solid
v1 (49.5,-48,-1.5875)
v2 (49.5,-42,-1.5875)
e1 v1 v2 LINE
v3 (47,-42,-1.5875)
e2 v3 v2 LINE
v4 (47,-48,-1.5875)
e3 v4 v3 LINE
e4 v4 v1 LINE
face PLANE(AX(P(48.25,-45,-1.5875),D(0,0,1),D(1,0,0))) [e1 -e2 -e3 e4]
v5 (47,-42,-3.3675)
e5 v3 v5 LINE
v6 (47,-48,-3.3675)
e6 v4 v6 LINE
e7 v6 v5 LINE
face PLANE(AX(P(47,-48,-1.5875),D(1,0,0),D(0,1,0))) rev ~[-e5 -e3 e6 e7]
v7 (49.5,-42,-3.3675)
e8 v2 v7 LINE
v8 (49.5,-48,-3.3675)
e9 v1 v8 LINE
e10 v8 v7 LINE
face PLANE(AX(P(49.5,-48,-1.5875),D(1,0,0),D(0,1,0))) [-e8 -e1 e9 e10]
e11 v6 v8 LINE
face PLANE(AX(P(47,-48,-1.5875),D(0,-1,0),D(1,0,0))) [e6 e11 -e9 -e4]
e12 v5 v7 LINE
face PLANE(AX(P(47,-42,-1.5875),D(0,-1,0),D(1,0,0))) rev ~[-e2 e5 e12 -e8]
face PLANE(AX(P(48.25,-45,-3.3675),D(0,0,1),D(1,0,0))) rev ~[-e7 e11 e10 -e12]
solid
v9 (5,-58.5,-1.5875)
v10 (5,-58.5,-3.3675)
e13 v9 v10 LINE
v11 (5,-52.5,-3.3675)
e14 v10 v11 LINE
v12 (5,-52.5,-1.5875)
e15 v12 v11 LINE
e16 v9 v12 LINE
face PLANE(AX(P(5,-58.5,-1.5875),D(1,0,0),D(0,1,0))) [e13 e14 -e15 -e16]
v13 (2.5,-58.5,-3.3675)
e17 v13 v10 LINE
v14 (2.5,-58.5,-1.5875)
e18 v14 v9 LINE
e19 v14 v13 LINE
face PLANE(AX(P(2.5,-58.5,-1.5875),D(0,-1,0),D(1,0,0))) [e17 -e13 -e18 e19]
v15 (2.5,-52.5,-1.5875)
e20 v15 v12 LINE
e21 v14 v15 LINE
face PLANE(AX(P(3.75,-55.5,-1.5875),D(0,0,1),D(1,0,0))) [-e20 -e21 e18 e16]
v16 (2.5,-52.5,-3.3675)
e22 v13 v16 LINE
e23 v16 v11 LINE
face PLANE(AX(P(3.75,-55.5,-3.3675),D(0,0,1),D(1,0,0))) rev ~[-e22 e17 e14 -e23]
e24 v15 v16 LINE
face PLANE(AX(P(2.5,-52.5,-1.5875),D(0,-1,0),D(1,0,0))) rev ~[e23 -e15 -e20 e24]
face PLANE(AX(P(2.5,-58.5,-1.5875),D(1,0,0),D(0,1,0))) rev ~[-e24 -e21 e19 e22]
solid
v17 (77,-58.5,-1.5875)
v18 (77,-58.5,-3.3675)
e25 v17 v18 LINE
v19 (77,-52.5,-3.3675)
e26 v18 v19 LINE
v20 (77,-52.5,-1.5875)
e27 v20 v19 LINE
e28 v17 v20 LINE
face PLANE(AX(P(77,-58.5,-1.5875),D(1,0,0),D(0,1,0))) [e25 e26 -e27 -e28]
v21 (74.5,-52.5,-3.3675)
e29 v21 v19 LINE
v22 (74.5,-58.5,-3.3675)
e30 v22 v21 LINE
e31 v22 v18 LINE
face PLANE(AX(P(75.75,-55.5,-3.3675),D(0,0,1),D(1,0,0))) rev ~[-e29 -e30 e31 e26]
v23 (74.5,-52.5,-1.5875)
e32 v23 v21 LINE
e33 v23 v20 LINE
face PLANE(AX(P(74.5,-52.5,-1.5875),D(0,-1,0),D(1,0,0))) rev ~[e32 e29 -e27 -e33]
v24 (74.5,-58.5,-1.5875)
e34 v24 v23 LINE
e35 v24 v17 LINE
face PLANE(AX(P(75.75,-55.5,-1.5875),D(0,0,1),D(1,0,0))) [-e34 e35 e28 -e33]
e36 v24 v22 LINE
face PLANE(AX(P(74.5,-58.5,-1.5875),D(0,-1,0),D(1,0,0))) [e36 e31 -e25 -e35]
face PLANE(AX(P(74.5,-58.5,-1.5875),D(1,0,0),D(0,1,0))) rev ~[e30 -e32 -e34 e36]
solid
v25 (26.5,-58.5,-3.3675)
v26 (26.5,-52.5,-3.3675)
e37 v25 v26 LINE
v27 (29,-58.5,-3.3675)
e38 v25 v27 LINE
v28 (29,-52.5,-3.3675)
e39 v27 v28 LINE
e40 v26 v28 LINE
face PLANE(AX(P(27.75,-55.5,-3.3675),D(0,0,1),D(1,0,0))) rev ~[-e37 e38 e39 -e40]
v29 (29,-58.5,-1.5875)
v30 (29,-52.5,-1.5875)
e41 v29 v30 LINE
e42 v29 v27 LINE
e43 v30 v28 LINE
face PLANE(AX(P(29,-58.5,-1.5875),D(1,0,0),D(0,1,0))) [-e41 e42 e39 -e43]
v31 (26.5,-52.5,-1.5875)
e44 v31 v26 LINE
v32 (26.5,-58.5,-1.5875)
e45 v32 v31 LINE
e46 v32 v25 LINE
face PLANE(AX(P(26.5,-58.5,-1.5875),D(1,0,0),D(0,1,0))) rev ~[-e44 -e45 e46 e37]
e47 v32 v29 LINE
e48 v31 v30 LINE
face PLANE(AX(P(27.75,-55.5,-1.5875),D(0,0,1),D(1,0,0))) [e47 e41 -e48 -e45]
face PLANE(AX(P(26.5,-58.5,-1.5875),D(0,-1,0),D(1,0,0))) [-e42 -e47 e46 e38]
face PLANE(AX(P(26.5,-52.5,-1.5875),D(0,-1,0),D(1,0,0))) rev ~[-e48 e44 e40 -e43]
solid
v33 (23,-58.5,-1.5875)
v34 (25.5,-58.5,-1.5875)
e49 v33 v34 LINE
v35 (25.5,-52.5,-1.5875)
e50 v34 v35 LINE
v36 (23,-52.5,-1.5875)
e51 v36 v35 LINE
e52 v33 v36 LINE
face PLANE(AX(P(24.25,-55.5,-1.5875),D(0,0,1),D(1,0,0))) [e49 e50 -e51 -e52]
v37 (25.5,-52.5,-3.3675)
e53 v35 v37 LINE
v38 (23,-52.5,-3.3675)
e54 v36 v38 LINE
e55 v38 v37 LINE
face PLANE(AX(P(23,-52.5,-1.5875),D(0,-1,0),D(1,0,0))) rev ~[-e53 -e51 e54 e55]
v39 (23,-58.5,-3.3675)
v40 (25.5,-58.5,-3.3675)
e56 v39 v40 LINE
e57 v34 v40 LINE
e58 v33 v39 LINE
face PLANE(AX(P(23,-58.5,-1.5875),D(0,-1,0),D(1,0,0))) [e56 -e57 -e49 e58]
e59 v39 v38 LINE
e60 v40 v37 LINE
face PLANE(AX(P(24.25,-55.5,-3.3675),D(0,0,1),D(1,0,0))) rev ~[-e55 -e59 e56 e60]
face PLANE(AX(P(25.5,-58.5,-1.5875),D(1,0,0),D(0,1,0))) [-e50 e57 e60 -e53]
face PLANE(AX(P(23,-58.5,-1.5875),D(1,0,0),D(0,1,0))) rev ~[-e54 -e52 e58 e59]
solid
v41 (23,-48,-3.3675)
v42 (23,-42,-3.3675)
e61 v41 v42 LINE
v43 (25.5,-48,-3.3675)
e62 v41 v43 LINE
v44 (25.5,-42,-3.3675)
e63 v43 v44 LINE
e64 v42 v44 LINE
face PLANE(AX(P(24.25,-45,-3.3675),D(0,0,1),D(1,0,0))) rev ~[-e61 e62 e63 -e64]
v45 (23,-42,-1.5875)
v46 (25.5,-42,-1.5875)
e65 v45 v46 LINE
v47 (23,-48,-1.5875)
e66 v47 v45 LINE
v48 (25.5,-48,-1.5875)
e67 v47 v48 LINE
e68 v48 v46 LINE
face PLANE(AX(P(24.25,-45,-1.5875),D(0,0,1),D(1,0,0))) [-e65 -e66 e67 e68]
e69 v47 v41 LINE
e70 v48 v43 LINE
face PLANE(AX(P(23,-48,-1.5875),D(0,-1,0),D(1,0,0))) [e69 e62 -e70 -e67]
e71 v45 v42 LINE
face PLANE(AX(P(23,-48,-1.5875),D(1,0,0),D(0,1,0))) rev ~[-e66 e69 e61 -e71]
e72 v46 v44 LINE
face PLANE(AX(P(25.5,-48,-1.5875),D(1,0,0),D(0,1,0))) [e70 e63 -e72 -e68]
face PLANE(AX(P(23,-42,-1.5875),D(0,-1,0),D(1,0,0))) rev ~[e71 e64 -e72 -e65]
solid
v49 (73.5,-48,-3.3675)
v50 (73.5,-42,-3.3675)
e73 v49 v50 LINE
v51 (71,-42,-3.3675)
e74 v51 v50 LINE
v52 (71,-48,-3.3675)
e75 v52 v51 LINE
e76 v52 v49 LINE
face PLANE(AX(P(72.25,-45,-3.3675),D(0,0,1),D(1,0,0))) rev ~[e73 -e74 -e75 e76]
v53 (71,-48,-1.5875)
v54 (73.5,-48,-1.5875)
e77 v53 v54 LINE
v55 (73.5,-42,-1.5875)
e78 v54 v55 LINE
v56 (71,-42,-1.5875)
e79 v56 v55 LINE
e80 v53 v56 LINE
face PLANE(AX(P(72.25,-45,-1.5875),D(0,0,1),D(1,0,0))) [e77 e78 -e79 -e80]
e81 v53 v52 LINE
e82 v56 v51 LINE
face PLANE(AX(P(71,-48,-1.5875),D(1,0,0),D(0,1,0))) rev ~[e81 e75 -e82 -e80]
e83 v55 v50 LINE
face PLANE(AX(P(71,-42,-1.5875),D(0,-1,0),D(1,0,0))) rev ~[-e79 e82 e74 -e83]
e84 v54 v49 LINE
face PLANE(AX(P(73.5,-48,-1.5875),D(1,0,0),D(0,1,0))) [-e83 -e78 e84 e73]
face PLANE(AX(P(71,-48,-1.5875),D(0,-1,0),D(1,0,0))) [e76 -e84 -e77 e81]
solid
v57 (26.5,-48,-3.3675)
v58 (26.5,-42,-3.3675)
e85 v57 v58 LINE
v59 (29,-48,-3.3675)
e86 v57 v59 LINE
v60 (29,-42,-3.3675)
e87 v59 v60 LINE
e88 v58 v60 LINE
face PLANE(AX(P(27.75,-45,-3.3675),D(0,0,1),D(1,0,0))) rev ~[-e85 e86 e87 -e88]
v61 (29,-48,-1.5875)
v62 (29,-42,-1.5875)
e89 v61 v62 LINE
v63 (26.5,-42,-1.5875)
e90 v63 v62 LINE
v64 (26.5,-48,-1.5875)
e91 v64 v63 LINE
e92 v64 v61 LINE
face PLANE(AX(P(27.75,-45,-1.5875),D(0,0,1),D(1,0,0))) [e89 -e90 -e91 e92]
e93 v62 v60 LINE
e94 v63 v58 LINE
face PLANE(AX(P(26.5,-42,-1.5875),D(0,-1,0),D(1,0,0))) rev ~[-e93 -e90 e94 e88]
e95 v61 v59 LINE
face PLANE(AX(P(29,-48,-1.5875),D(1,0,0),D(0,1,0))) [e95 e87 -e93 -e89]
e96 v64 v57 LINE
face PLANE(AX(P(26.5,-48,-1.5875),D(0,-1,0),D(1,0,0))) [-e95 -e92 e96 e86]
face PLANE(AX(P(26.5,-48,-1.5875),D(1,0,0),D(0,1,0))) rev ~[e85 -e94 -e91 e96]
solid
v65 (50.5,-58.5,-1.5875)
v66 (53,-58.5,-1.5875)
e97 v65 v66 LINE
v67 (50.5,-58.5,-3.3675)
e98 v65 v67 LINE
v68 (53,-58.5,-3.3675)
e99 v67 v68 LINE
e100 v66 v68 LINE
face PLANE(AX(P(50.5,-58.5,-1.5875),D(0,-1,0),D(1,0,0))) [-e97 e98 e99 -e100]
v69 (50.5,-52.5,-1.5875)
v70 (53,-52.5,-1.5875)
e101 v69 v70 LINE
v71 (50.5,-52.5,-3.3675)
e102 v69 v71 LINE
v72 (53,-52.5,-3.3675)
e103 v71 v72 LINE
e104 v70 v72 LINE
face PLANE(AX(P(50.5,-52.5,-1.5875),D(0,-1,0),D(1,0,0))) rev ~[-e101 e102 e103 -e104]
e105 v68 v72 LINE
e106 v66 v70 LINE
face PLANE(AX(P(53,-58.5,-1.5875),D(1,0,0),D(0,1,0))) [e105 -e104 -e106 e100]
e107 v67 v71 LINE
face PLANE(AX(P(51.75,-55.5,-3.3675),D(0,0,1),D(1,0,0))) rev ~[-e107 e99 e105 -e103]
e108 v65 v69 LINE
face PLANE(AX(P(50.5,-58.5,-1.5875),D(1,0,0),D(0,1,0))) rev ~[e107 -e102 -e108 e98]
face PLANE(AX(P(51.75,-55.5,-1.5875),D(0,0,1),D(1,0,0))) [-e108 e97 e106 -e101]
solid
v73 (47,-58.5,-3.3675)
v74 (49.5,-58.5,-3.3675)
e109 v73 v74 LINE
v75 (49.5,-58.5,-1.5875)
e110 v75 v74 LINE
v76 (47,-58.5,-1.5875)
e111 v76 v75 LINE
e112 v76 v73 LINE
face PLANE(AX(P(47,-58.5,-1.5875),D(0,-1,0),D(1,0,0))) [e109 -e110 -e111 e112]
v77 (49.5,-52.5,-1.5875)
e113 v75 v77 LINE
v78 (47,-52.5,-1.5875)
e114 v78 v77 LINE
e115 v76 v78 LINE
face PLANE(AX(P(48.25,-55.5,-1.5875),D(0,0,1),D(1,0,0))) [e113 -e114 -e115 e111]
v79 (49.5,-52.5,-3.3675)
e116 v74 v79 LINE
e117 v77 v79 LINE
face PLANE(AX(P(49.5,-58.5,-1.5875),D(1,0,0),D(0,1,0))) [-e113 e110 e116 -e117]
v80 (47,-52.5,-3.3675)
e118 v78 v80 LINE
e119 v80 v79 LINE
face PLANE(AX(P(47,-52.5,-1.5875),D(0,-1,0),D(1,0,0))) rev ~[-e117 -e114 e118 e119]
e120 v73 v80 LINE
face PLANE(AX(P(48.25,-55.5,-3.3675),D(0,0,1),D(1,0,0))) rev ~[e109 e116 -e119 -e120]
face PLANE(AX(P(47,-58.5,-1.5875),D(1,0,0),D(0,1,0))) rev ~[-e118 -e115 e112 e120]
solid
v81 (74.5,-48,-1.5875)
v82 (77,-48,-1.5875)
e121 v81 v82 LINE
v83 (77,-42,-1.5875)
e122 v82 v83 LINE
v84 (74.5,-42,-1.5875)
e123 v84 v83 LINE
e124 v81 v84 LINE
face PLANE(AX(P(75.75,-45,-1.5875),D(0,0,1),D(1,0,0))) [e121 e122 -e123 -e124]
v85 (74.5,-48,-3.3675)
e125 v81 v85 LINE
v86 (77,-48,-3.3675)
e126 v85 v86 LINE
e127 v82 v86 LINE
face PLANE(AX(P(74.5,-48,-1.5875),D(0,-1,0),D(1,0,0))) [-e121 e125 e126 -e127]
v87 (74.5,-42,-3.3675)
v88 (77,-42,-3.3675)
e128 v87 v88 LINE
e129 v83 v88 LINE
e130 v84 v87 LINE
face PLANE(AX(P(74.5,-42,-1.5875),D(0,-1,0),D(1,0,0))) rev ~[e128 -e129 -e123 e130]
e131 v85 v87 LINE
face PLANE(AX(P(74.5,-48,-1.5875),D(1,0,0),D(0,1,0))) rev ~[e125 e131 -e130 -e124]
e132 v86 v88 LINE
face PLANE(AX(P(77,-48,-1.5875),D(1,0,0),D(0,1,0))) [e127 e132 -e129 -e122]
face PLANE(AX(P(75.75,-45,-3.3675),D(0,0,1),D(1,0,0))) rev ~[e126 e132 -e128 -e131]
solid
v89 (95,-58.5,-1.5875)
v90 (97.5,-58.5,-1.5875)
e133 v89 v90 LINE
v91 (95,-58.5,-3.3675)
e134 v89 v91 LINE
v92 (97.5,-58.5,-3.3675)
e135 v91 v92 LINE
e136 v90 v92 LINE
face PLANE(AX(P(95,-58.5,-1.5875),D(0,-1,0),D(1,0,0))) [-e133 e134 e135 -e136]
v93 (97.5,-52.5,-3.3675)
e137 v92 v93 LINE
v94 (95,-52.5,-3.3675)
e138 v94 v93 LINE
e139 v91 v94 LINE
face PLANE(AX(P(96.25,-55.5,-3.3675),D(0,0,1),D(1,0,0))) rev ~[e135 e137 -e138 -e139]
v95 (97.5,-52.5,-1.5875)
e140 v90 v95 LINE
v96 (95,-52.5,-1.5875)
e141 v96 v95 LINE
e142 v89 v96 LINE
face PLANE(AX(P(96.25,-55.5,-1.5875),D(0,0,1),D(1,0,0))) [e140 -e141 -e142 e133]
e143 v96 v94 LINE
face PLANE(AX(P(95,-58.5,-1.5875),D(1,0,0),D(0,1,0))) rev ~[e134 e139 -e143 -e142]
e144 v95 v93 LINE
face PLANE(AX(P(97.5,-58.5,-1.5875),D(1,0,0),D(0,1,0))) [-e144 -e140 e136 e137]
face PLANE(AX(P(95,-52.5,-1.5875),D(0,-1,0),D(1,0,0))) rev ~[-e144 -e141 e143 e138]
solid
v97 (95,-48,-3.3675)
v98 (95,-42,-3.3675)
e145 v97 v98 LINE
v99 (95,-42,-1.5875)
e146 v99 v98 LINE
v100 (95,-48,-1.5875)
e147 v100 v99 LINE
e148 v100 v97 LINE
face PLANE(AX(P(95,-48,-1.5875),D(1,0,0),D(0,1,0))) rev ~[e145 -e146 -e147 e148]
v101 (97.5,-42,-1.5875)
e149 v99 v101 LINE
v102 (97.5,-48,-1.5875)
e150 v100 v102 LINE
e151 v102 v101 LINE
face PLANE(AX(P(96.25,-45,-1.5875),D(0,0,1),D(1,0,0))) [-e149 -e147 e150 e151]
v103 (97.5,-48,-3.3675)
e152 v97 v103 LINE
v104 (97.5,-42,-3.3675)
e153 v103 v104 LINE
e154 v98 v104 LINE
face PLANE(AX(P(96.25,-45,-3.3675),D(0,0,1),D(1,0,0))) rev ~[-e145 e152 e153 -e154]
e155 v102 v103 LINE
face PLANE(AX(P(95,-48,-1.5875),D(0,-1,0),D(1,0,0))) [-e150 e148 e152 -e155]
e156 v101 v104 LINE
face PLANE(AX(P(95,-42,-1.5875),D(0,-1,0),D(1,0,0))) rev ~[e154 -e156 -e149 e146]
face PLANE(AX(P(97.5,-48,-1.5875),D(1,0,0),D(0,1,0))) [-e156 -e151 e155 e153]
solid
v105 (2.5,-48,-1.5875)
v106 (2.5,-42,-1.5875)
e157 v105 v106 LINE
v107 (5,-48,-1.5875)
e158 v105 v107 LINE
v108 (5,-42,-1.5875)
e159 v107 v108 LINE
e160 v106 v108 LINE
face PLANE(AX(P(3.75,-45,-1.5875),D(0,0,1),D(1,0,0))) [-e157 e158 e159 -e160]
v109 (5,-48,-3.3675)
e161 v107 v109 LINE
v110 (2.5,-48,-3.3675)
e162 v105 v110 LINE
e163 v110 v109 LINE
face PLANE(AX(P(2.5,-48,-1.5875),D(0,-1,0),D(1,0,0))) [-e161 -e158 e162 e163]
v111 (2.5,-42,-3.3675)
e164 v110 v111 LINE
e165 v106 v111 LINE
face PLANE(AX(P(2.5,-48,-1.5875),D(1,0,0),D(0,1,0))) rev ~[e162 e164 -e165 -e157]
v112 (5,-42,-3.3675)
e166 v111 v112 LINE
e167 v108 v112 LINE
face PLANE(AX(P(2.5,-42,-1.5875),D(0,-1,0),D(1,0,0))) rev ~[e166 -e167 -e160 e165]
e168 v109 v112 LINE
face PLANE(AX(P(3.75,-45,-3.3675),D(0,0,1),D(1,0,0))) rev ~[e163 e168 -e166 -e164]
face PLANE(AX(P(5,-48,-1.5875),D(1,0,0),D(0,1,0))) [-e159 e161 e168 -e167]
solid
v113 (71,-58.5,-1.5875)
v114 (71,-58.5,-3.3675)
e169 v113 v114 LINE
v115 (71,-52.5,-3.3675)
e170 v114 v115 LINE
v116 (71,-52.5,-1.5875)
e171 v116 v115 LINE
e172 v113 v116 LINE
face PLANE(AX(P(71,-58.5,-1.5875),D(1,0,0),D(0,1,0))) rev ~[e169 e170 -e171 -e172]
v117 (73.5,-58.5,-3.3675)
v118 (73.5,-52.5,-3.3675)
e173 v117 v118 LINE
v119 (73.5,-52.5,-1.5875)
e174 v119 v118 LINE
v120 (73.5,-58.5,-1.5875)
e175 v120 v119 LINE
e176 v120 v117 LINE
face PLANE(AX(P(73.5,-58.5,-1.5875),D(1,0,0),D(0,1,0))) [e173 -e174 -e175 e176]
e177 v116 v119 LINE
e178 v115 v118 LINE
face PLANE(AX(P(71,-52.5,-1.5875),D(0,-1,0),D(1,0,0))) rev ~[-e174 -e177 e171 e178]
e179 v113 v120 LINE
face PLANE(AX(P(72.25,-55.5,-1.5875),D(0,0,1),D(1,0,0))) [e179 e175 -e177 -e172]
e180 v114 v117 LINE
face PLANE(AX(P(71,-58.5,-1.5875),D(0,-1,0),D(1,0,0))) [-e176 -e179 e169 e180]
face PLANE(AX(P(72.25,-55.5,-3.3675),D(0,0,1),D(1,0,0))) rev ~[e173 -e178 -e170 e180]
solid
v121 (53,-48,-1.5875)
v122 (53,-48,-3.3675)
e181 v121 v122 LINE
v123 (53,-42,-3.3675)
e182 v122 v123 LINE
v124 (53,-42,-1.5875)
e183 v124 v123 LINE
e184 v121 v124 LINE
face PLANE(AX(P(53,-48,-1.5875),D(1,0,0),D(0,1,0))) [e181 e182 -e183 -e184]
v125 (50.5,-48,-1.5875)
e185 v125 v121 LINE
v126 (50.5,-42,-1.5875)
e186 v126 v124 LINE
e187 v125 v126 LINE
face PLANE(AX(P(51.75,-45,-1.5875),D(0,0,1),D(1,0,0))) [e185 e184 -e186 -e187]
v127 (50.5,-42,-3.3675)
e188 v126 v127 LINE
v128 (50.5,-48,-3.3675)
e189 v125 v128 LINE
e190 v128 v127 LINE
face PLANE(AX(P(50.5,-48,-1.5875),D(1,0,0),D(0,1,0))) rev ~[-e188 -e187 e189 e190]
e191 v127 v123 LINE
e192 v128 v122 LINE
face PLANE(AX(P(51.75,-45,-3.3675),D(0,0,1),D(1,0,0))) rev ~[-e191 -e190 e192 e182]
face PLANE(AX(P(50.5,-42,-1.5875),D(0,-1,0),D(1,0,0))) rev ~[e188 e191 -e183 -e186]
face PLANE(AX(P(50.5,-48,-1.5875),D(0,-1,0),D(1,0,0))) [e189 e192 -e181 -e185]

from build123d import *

# Parameters (mm, degrees)
SKETCH11_W             = 2.5
SKETCH11_H             = 6
BOSS_EXTRUDE5_DEPTH    = 1.78
BOSS_EXTRUDE5_2_DEPTH  = 1.78
BOSS_EXTRUDE5_3_DEPTH  = 1.78
BOSS_EXTRUDE5_4_DEPTH  = 1.78
BOSS_EXTRUDE5_5_DEPTH  = 1.78
BOSS_EXTRUDE5_6_DEPTH  = 1.78
BOSS_EXTRUDE5_7_DEPTH  = 1.78
BOSS_EXTRUDE5_8_DEPTH  = 1.78
BOSS_EXTRUDE5_9_DEPTH  = 1.78
BOSS_EXTRUDE5_10_DEPTH = 1.78
BOSS_EXTRUDE5_11_DEPTH = 1.78
BOSS_EXTRUDE5_12_DEPTH = 1.78
BOSS_EXTRUDE5_13_DEPTH = 1.78
BOSS_EXTRUDE5_14_DEPTH = 1.78
BOSS_EXTRUDE5_15_DEPTH = 1.78
BOSS_EXTRUDE5_16_DEPTH = 1.78


with BuildPart() as part:
    # Sketch11 → Boss-Extrude5 (new body)
    with BuildSketch(Plane.XY.offset(-1.5875)):
        with Locations((24.25, -45)):
            Rectangle(SKETCH11_W, SKETCH11_H)
    extrude(amount=-BOSS_EXTRUDE5_DEPTH)


with BuildPart() as body_2:
    # Sketch11 → Boss-Extrude5 2 (new body)
    with BuildSketch(Plane.XY.offset(-1.5875)):
        with Locations((3.75, -45)):
            Rectangle(SKETCH11_W, SKETCH11_H)
    extrude(amount=-BOSS_EXTRUDE5_2_DEPTH)


with BuildPart() as body_3:
    # Sketch11 → Boss-Extrude5 3 (new body)
    with BuildSketch(Plane.XY.offset(-1.5875)):
        with Locations((3.75, -55.5)):
            Rectangle(SKETCH11_W, SKETCH11_H)
    extrude(amount=-BOSS_EXTRUDE5_3_DEPTH)


with BuildPart() as body_4:
    # Sketch11 → Boss-Extrude5 4 (new body)
    with BuildSketch(Plane.XY.offset(-1.5875)):
        with Locations((24.25, -55.5)):
            Rectangle(SKETCH11_W, SKETCH11_H)
    extrude(amount=-BOSS_EXTRUDE5_4_DEPTH)


with BuildPart() as body_5:
    # Sketch11 → Boss-Extrude5 5 (new body)
    with BuildSketch(Plane.XY.offset(-1.5875)):
        with Locations((48.25, -45)):
            Rectangle(SKETCH11_W, SKETCH11_H)
    extrude(amount=-BOSS_EXTRUDE5_5_DEPTH)


with BuildPart() as body_6:
    # Sketch11 → Boss-Extrude5 6 (new body)
    with BuildSketch(Plane.XY.offset(-1.5875)):
        with Locations((27.75, -45)):
            Rectangle(SKETCH11_W, SKETCH11_H)
    extrude(amount=-BOSS_EXTRUDE5_6_DEPTH)


with BuildPart() as body_7:
    # Sketch11 → Boss-Extrude5 7 (new body)
    with BuildSketch(Plane.XY.offset(-1.5875)):
        with Locations((27.75, -55.5)):
            Rectangle(SKETCH11_W, SKETCH11_H)
    extrude(amount=-BOSS_EXTRUDE5_7_DEPTH)


with BuildPart() as body_8:
    # Sketch11 → Boss-Extrude5 8 (new body)
    with BuildSketch(Plane.XY.offset(-1.5875)):
        with Locations((48.25, -55.5)):
            Rectangle(SKETCH11_W, SKETCH11_H)
    extrude(amount=-BOSS_EXTRUDE5_8_DEPTH)


with BuildPart() as body_9:
    # Sketch11 → Boss-Extrude5 9 (new body)
    with BuildSketch(Plane.XY.offset(-1.5875)):
        with Locations((72.25, -45)):
            Rectangle(SKETCH11_W, SKETCH11_H)
    extrude(amount=-BOSS_EXTRUDE5_9_DEPTH)


with BuildPart() as body_10:
    # Sketch11 → Boss-Extrude5 10 (new body)
    with BuildSketch(Plane.XY.offset(-1.5875)):
        with Locations((51.75, -45)):
            Rectangle(SKETCH11_W, SKETCH11_H)
    extrude(amount=-BOSS_EXTRUDE5_10_DEPTH)


with BuildPart() as body_11:
    # Sketch11 → Boss-Extrude5 11 (new body)
    with BuildSketch(Plane.XY.offset(-1.5875)):
        with Locations((51.75, -55.5)):
            Rectangle(SKETCH11_W, SKETCH11_H)
    extrude(amount=-BOSS_EXTRUDE5_11_DEPTH)


with BuildPart() as body_12:
    # Sketch11 → Boss-Extrude5 12 (new body)
    with BuildSketch(Plane.XY.offset(-1.5875)):
        with Locations((72.25, -55.5)):
            Rectangle(SKETCH11_W, SKETCH11_H)
    extrude(amount=-BOSS_EXTRUDE5_12_DEPTH)


with BuildPart() as body_13:
    # Sketch11 → Boss-Extrude5 13 (new body)
    with BuildSketch(Plane.XY.offset(-1.5875)):
        with Locations((96.25, -45)):
            Rectangle(SKETCH11_W, SKETCH11_H)
    extrude(amount=-BOSS_EXTRUDE5_13_DEPTH)


with BuildPart() as body_14:
    # Sketch11 → Boss-Extrude5 14 (new body)
    with BuildSketch(Plane.XY.offset(-1.5875)):
        with Locations((75.75, -45)):
            Rectangle(SKETCH11_W, SKETCH11_H)
    extrude(amount=-BOSS_EXTRUDE5_14_DEPTH)


with BuildPart() as body_15:
    # Sketch11 → Boss-Extrude5 15 (new body)
    with BuildSketch(Plane.XY.offset(-1.5875)):
        with Locations((75.75, -55.5)):
            Rectangle(SKETCH11_W, SKETCH11_H)
    extrude(amount=-BOSS_EXTRUDE5_15_DEPTH)


with BuildPart() as body_16:
    # Sketch11 → Boss-Extrude5 16 (new body)
    with BuildSketch(Plane.XY.offset(-1.5875)):
        with Locations((96.25, -55.5)):
            Rectangle(SKETCH11_W, SKETCH11_H)
    extrude(amount=-BOSS_EXTRUDE5_16_DEPTH)


solid = Compound([part.part, body_2.part, body_3.part, body_4.part, body_5.part, body_6.part, body_7.part, body_8.part, body_9.part, body_10.part, body_11.part, body_12.part, body_13.part, body_14.part, body_15.part, body_16.part])
